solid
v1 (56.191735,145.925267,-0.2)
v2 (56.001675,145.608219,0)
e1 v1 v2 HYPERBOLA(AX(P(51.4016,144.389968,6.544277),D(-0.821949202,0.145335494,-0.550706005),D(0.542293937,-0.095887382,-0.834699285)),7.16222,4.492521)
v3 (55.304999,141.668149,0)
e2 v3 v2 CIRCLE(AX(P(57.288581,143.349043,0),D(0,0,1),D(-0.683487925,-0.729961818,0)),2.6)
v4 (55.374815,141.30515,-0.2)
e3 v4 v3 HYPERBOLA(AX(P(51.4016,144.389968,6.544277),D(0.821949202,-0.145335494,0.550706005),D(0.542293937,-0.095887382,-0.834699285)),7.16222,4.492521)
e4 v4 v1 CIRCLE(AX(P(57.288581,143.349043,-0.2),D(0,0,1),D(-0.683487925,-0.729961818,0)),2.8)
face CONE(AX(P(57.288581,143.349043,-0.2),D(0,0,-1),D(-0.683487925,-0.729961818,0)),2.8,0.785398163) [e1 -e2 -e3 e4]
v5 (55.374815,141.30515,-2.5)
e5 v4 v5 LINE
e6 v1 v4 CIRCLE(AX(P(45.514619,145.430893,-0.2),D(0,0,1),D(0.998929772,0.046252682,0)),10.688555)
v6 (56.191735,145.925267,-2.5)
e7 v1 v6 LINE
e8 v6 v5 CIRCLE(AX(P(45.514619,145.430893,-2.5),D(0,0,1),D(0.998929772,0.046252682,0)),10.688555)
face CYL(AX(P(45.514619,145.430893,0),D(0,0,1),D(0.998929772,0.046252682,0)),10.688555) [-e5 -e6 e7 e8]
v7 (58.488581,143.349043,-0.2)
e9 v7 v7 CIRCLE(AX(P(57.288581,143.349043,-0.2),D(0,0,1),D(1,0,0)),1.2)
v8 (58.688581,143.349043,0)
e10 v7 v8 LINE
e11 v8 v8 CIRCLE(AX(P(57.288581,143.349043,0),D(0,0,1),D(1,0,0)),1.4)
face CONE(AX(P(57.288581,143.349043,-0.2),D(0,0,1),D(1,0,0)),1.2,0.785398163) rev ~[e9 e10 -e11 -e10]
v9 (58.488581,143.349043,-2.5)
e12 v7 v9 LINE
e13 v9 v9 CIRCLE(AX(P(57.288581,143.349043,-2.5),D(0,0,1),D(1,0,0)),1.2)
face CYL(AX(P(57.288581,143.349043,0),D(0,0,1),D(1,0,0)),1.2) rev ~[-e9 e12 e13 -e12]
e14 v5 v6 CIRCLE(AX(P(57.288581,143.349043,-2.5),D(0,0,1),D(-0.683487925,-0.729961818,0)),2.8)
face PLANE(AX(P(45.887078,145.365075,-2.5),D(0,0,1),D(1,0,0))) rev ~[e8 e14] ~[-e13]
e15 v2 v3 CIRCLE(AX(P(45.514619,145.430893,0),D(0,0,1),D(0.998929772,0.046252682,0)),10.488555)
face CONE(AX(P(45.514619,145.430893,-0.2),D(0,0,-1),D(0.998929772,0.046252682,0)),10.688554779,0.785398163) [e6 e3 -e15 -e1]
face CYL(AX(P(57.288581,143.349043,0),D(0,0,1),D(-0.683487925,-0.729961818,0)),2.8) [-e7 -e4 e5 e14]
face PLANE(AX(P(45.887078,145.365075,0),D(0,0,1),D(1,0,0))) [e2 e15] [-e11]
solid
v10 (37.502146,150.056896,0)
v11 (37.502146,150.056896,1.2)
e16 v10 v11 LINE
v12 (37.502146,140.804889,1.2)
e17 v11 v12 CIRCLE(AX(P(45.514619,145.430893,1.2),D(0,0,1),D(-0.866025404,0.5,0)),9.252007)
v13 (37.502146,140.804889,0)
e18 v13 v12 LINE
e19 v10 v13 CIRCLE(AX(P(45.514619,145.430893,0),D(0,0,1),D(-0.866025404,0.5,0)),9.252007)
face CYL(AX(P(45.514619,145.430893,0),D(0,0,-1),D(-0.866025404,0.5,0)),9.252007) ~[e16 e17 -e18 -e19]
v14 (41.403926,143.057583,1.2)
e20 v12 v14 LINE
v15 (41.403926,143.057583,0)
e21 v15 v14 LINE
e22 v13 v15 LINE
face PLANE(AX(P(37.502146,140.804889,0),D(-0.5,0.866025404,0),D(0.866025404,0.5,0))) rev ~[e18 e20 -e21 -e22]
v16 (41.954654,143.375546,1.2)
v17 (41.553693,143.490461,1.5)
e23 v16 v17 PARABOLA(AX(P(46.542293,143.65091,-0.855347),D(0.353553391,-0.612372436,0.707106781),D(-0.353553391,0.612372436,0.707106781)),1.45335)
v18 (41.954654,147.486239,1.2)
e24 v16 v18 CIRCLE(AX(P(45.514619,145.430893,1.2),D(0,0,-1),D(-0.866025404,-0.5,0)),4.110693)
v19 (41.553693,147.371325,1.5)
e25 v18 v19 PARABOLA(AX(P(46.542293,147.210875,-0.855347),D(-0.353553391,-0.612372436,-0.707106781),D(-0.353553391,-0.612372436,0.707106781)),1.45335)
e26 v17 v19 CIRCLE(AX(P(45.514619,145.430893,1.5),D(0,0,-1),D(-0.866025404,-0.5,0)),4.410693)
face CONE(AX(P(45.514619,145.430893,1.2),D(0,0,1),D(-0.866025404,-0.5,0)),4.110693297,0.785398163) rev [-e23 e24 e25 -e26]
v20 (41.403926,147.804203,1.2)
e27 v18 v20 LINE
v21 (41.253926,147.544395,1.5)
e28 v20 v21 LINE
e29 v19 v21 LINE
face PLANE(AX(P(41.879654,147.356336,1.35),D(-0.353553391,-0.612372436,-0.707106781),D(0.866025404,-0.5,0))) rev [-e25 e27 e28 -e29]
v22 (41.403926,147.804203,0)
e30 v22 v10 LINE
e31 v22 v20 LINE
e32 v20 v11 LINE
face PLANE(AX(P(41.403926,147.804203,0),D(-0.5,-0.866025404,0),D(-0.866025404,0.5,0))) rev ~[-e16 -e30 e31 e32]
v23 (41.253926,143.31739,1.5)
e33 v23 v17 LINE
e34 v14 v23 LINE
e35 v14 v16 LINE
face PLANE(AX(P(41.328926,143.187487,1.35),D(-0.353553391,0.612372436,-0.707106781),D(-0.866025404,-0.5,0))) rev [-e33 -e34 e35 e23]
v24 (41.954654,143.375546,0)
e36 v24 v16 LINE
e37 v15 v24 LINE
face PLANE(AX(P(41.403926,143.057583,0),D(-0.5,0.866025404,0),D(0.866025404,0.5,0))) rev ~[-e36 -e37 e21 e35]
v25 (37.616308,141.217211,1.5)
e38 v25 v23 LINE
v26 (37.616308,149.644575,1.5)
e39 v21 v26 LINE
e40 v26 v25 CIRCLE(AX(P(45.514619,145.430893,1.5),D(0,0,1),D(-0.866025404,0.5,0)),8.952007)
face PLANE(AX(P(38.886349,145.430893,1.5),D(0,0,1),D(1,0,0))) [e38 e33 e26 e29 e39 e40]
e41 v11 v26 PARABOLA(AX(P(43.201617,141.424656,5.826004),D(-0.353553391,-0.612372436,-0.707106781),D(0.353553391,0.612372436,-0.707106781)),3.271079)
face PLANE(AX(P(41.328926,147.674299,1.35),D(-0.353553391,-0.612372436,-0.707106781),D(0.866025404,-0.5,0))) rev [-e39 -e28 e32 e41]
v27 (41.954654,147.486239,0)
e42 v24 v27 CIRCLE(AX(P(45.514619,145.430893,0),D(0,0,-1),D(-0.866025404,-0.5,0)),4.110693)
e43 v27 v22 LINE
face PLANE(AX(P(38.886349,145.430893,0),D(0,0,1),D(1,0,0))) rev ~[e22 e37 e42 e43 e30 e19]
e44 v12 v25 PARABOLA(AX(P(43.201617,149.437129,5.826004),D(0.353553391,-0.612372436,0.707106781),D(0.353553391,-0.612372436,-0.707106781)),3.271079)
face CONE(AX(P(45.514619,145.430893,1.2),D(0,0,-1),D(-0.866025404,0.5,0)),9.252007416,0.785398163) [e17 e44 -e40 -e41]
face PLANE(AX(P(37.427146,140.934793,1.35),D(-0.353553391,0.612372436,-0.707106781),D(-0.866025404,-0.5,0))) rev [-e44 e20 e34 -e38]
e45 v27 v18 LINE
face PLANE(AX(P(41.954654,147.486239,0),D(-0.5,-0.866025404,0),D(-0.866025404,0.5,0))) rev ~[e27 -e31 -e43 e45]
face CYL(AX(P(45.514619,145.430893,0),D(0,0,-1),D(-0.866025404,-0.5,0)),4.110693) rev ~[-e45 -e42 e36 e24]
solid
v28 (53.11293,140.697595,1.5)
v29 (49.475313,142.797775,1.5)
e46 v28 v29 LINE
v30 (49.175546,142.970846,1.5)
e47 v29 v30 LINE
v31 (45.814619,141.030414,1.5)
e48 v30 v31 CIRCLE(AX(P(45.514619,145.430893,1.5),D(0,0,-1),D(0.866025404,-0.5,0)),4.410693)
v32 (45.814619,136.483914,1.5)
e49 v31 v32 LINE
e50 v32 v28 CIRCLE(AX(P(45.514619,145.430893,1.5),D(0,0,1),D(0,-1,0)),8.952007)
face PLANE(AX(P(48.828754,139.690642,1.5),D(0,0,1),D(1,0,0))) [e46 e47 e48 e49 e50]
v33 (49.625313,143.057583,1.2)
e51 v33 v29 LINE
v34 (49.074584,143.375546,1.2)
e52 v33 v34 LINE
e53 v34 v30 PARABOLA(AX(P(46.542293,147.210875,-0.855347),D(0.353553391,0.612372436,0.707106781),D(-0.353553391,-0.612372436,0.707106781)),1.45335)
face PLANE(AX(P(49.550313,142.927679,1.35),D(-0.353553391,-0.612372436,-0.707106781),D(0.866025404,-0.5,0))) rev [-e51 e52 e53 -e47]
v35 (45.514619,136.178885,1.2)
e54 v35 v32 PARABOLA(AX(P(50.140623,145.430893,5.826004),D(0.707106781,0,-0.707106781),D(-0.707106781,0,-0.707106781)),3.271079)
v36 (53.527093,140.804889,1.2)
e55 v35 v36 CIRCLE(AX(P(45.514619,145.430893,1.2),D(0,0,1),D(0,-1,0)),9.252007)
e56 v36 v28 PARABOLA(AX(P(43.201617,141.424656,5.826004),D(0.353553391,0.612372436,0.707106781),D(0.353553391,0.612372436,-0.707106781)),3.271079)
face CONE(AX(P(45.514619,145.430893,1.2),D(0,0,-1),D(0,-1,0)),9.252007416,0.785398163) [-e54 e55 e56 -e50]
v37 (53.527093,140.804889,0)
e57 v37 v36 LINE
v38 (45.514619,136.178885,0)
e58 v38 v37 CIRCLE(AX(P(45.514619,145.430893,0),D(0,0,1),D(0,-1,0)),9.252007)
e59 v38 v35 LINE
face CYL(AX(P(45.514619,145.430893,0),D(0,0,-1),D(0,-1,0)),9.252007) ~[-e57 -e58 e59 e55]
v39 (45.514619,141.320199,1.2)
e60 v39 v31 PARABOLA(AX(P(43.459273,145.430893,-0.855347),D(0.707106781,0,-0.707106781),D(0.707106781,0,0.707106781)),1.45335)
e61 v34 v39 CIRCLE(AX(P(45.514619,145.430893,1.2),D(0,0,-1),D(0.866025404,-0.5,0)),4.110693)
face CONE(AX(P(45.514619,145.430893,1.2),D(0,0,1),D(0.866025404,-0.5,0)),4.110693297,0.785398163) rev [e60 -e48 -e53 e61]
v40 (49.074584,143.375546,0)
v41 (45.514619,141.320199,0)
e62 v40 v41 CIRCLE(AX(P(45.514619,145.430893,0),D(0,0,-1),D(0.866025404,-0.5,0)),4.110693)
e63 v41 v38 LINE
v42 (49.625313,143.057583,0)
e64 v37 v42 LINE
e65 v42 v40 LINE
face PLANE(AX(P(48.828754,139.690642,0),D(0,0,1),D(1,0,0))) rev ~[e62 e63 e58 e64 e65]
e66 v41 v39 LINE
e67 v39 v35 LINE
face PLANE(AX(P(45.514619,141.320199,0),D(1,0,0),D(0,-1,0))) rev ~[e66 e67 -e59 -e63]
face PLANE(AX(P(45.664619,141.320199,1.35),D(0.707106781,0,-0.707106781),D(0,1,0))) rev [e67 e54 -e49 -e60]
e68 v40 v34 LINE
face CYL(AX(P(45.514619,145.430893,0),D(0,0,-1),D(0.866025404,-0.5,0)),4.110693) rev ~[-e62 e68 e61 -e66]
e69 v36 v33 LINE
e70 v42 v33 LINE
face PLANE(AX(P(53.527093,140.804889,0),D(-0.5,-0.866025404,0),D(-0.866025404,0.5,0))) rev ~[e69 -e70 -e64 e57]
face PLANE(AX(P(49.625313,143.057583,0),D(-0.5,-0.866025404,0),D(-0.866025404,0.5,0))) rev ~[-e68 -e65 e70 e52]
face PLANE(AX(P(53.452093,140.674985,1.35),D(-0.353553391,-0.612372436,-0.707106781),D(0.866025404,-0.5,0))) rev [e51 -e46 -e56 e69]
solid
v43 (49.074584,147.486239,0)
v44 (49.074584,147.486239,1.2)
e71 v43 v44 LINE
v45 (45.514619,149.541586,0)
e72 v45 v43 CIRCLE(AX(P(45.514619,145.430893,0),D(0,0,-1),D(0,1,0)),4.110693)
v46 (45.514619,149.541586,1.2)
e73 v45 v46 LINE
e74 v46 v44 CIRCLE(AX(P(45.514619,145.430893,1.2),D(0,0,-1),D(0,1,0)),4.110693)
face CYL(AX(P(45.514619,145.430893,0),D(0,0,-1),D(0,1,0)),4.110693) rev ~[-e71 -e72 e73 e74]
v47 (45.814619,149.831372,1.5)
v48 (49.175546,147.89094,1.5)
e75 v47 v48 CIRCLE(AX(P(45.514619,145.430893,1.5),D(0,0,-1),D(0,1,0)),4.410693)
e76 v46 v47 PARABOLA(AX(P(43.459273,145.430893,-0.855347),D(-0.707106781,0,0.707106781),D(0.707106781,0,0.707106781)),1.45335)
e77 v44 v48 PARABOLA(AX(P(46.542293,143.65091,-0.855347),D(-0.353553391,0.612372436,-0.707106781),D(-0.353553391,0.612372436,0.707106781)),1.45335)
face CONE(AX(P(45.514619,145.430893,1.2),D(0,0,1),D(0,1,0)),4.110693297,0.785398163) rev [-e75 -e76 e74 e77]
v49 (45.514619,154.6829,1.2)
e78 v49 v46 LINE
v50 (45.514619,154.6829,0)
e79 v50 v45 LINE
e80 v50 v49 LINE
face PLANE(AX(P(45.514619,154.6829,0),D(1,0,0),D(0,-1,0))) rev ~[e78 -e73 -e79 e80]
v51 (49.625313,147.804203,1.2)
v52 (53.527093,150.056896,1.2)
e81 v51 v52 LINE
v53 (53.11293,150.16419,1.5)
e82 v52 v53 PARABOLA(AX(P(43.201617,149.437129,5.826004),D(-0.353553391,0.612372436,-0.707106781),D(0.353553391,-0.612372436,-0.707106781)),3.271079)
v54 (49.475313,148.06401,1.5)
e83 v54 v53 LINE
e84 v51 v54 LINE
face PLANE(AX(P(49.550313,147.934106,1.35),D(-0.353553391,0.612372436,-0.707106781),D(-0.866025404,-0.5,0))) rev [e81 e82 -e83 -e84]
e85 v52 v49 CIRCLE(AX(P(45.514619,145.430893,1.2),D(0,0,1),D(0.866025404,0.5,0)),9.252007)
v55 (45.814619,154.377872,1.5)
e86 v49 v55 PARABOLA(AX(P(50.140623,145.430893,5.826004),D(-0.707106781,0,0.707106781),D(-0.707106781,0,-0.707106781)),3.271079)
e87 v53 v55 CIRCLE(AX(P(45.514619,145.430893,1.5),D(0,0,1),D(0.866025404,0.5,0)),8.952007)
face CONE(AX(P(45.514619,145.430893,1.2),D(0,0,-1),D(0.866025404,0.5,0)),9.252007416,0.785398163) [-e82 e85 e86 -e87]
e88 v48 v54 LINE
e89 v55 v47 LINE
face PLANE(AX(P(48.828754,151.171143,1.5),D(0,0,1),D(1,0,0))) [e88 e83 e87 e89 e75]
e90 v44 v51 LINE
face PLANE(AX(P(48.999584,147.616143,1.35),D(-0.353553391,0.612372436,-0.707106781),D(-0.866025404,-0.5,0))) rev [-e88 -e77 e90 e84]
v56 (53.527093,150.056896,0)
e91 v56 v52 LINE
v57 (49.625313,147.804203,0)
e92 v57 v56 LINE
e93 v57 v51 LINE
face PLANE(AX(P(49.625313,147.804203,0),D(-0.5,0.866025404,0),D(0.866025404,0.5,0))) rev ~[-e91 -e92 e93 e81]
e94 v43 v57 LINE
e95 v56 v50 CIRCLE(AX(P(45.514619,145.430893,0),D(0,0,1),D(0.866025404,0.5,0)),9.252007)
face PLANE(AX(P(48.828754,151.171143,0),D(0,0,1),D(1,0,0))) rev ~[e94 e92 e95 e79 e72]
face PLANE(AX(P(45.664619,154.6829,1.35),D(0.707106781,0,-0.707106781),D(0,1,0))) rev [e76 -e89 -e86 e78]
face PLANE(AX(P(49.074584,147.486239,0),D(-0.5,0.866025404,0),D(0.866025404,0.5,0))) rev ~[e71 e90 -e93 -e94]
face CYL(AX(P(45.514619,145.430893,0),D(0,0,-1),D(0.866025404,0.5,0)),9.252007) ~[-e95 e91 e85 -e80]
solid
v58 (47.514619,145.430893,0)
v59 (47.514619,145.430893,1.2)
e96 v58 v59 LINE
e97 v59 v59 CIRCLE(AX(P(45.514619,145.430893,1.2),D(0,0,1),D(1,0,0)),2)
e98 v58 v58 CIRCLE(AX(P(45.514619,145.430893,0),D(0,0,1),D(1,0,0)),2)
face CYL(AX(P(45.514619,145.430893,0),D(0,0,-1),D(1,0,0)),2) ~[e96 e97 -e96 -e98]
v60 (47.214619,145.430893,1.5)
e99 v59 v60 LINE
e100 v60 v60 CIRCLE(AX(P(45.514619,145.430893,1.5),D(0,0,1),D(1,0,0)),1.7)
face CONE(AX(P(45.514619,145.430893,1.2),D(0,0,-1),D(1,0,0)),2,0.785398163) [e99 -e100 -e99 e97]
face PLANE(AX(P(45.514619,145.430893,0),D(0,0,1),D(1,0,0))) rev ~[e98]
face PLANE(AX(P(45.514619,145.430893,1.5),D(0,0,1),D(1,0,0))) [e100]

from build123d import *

# Parameters (mm, degrees)
F1_DEPTH  = 1.5
F0_R      = 2
F2_R      = 2
F2_R_2    = 1.2
F3_DEPTH  = 2.5
F4_SIZE   = 0.3
F4_2_SIZE = 0.3
F4_3_SIZE = 0.3
F4_4_SIZE = 0.3
F5_SIZE   = 0.2


with BuildPart() as f1:
    # F0 (on Top) → F1 (new body)
    with BuildSketch(Plane.XY):
        with BuildLine():
            ThreePointArc((45.5146192143, 149.541586003), (47.5699658629, 148.9908575284), (49.0745840368, 147.4862393545))
            Line((49.0745840368, 147.4862393545), (49.6253125115, 147.8042025876))
            Line((49.6253125115, 147.8042025876), (53.5270926728, 150.056896414))
            ThreePointArc((53.5270926728, 150.056896414), (50.1406229225, 153.4433661644), (45.5146192143, 154.6829001221))
            Line((45.5146192143, 154.6829001221), (45.5146192143, 150.1775124692))
            Line((45.5146192143, 150.1775124692), (45.5146192143, 149.541586003))
        make_face()
    extrude(amount=F1_DEPTH)

    # F4#3
    f4_3_edges = [f1.edges().sort_by_distance(p)[0] for p in [
        (45.514619, 152.112243, 1.5),
        (47.569966, 148.990858, 1.5),
        (51.300838, 148.771568, 1.5),
        (50.140623, 153.443366, 1.5),
    ]]
    chamfer(f4_3_edges, length=F4_3_SIZE)


with BuildPart() as f1b:
    # F0 (on Top) → F1, piece 2 (new body)
    with BuildSketch(Plane.XY):
        with BuildLine():
            ThreePointArc((41.9546543919, 143.3755460574), (41.4039259172, 145.4308927059), (41.9546543919, 147.4862393545))
            Line((41.9546543919, 147.4862393545), (41.4039259172, 147.8042025876))
            Line((41.4039259172, 147.8042025876), (37.5021457559, 150.056896414))
            ThreePointArc((37.5021457559, 150.056896414), (36.2626117981, 145.4308927059), (37.5021457559, 140.8048889978))
            Line((37.5021457559, 140.8048889978), (41.4039259172, 143.0575828243))
            Line((41.4039259172, 143.0575828243), (41.9546543919, 143.3755460574))
        make_face()
    extrude(amount=F1_DEPTH)

    # F4
    f4_edges = [f1b.edges().sort_by_distance(p)[0] for p in [
        (39.7284, 142.090218, 1.5),
        (41.403926, 145.430893, 1.5),
        (39.7284, 148.771568, 1.5),
        (36.262612, 145.430893, 1.5),
    ]]
    chamfer(f4_edges, length=F4_SIZE)


with BuildPart() as f1c:
    # F0 (on Top) → F1, piece 3 (new body)
    with BuildSketch(Plane.XY):
        with BuildLine():
            Line((49.6253125115, 143.0575828243), (49.0745840368, 143.3755460574))
            ThreePointArc((49.0745840368, 143.3755460574), (47.5699658629, 141.8709278835), (45.5146192143, 141.3201994088))
            Line((45.5146192143, 141.3201994088), (45.5146192143, 140.6842729426))
            Line((45.5146192143, 140.6842729426), (45.5146192143, 136.1788852897))
            ThreePointArc((45.5146192143, 136.1788852897), (50.1406229225, 137.4184192475), (53.5270926728, 140.8048889978))
            Line((53.5270926728, 140.8048889978), (49.6253125115, 143.0575828243))
        make_face()
    extrude(amount=F1_DEPTH)

    # F4#2
    f4_2_edges = [f1c.edges().sort_by_distance(p)[0] for p in [
        (51.300838, 142.090218, 1.5),
        (47.569966, 141.870928, 1.5),
        (45.514619, 138.749542, 1.5),
        (50.140623, 137.418419, 1.5),
    ]]
    chamfer(f4_2_edges, length=F4_2_SIZE)


with BuildPart() as f1d:
    # F0 (on Top) → F1, piece 4 (new body)
    with BuildSketch(Plane.XY):
        with Locations((45.5146192143, 145.4308927059)):
            Circle(F0_R)
    extrude(amount=F1_DEPTH)

    # F4#4
    f4_4_edges = [f1d.edges().sort_by_distance(p)[0] for p in [
        (43.514619, 145.430893, 1.5),
    ]]
    chamfer(f4_4_edges, length=F4_4_SIZE)


with BuildPart() as f3:
    # F2 (on Top) → F3 (new body)
    with BuildSketch(Plane.XY):
        with BuildLine():
            ThreePointArc((55.3748145236, 141.3051501401), (55.994038114, 143.3268530716), (56.203173993, 145.4308927059))
            ThreePointArc((56.203173993, 145.4308927059), (56.2003138128, 145.67814603), (56.1917348027, 145.9252670277))
            ThreePointArc((56.1917348027, 145.9252670277), (34.9893327698, 147.2919538324), (55.3748145236, 141.3051501401))
        make_face()
        with Locations((45.5146192143, 145.4308927059)):
            Circle(F2_R, mode=Mode.SUBTRACT)
        with BuildLine():
            ThreePointArc((56.1917348027, 145.9252670277), (56.2003138128, 145.67814603), (56.203173993, 145.4308927059))
            ThreePointArc((56.203173993, 145.4308927059), (55.994038114, 143.3268530716), (55.3748145236, 141.3051501401))
            ThreePointArc((55.3748145236, 141.3051501401), (60.0458105409, 142.8615150987), (56.1917348027, 145.9252670277))
        make_face()
        with Locations((57.2885807137, 143.3490432316)):
            Circle(F2_R_2, mode=Mode.SUBTRACT)
        with Locations((45.5146192143, 145.4308927059)):
            Circle(F2_R)
    extrude(amount=-F3_DEPTH)

    # F5
    f5_edges = [f3.edges().sort_by_distance(p)[0] for p in [
        (34.989333, 147.291954, 0),
        (60.045811, 142.861515, 0),
        (56.088581, 143.349043, 0),
    ]]
    chamfer(f5_edges, length=F5_SIZE)


solid = Compound([f1.part, f1b.part, f1c.part, f1d.part, f3.part])
